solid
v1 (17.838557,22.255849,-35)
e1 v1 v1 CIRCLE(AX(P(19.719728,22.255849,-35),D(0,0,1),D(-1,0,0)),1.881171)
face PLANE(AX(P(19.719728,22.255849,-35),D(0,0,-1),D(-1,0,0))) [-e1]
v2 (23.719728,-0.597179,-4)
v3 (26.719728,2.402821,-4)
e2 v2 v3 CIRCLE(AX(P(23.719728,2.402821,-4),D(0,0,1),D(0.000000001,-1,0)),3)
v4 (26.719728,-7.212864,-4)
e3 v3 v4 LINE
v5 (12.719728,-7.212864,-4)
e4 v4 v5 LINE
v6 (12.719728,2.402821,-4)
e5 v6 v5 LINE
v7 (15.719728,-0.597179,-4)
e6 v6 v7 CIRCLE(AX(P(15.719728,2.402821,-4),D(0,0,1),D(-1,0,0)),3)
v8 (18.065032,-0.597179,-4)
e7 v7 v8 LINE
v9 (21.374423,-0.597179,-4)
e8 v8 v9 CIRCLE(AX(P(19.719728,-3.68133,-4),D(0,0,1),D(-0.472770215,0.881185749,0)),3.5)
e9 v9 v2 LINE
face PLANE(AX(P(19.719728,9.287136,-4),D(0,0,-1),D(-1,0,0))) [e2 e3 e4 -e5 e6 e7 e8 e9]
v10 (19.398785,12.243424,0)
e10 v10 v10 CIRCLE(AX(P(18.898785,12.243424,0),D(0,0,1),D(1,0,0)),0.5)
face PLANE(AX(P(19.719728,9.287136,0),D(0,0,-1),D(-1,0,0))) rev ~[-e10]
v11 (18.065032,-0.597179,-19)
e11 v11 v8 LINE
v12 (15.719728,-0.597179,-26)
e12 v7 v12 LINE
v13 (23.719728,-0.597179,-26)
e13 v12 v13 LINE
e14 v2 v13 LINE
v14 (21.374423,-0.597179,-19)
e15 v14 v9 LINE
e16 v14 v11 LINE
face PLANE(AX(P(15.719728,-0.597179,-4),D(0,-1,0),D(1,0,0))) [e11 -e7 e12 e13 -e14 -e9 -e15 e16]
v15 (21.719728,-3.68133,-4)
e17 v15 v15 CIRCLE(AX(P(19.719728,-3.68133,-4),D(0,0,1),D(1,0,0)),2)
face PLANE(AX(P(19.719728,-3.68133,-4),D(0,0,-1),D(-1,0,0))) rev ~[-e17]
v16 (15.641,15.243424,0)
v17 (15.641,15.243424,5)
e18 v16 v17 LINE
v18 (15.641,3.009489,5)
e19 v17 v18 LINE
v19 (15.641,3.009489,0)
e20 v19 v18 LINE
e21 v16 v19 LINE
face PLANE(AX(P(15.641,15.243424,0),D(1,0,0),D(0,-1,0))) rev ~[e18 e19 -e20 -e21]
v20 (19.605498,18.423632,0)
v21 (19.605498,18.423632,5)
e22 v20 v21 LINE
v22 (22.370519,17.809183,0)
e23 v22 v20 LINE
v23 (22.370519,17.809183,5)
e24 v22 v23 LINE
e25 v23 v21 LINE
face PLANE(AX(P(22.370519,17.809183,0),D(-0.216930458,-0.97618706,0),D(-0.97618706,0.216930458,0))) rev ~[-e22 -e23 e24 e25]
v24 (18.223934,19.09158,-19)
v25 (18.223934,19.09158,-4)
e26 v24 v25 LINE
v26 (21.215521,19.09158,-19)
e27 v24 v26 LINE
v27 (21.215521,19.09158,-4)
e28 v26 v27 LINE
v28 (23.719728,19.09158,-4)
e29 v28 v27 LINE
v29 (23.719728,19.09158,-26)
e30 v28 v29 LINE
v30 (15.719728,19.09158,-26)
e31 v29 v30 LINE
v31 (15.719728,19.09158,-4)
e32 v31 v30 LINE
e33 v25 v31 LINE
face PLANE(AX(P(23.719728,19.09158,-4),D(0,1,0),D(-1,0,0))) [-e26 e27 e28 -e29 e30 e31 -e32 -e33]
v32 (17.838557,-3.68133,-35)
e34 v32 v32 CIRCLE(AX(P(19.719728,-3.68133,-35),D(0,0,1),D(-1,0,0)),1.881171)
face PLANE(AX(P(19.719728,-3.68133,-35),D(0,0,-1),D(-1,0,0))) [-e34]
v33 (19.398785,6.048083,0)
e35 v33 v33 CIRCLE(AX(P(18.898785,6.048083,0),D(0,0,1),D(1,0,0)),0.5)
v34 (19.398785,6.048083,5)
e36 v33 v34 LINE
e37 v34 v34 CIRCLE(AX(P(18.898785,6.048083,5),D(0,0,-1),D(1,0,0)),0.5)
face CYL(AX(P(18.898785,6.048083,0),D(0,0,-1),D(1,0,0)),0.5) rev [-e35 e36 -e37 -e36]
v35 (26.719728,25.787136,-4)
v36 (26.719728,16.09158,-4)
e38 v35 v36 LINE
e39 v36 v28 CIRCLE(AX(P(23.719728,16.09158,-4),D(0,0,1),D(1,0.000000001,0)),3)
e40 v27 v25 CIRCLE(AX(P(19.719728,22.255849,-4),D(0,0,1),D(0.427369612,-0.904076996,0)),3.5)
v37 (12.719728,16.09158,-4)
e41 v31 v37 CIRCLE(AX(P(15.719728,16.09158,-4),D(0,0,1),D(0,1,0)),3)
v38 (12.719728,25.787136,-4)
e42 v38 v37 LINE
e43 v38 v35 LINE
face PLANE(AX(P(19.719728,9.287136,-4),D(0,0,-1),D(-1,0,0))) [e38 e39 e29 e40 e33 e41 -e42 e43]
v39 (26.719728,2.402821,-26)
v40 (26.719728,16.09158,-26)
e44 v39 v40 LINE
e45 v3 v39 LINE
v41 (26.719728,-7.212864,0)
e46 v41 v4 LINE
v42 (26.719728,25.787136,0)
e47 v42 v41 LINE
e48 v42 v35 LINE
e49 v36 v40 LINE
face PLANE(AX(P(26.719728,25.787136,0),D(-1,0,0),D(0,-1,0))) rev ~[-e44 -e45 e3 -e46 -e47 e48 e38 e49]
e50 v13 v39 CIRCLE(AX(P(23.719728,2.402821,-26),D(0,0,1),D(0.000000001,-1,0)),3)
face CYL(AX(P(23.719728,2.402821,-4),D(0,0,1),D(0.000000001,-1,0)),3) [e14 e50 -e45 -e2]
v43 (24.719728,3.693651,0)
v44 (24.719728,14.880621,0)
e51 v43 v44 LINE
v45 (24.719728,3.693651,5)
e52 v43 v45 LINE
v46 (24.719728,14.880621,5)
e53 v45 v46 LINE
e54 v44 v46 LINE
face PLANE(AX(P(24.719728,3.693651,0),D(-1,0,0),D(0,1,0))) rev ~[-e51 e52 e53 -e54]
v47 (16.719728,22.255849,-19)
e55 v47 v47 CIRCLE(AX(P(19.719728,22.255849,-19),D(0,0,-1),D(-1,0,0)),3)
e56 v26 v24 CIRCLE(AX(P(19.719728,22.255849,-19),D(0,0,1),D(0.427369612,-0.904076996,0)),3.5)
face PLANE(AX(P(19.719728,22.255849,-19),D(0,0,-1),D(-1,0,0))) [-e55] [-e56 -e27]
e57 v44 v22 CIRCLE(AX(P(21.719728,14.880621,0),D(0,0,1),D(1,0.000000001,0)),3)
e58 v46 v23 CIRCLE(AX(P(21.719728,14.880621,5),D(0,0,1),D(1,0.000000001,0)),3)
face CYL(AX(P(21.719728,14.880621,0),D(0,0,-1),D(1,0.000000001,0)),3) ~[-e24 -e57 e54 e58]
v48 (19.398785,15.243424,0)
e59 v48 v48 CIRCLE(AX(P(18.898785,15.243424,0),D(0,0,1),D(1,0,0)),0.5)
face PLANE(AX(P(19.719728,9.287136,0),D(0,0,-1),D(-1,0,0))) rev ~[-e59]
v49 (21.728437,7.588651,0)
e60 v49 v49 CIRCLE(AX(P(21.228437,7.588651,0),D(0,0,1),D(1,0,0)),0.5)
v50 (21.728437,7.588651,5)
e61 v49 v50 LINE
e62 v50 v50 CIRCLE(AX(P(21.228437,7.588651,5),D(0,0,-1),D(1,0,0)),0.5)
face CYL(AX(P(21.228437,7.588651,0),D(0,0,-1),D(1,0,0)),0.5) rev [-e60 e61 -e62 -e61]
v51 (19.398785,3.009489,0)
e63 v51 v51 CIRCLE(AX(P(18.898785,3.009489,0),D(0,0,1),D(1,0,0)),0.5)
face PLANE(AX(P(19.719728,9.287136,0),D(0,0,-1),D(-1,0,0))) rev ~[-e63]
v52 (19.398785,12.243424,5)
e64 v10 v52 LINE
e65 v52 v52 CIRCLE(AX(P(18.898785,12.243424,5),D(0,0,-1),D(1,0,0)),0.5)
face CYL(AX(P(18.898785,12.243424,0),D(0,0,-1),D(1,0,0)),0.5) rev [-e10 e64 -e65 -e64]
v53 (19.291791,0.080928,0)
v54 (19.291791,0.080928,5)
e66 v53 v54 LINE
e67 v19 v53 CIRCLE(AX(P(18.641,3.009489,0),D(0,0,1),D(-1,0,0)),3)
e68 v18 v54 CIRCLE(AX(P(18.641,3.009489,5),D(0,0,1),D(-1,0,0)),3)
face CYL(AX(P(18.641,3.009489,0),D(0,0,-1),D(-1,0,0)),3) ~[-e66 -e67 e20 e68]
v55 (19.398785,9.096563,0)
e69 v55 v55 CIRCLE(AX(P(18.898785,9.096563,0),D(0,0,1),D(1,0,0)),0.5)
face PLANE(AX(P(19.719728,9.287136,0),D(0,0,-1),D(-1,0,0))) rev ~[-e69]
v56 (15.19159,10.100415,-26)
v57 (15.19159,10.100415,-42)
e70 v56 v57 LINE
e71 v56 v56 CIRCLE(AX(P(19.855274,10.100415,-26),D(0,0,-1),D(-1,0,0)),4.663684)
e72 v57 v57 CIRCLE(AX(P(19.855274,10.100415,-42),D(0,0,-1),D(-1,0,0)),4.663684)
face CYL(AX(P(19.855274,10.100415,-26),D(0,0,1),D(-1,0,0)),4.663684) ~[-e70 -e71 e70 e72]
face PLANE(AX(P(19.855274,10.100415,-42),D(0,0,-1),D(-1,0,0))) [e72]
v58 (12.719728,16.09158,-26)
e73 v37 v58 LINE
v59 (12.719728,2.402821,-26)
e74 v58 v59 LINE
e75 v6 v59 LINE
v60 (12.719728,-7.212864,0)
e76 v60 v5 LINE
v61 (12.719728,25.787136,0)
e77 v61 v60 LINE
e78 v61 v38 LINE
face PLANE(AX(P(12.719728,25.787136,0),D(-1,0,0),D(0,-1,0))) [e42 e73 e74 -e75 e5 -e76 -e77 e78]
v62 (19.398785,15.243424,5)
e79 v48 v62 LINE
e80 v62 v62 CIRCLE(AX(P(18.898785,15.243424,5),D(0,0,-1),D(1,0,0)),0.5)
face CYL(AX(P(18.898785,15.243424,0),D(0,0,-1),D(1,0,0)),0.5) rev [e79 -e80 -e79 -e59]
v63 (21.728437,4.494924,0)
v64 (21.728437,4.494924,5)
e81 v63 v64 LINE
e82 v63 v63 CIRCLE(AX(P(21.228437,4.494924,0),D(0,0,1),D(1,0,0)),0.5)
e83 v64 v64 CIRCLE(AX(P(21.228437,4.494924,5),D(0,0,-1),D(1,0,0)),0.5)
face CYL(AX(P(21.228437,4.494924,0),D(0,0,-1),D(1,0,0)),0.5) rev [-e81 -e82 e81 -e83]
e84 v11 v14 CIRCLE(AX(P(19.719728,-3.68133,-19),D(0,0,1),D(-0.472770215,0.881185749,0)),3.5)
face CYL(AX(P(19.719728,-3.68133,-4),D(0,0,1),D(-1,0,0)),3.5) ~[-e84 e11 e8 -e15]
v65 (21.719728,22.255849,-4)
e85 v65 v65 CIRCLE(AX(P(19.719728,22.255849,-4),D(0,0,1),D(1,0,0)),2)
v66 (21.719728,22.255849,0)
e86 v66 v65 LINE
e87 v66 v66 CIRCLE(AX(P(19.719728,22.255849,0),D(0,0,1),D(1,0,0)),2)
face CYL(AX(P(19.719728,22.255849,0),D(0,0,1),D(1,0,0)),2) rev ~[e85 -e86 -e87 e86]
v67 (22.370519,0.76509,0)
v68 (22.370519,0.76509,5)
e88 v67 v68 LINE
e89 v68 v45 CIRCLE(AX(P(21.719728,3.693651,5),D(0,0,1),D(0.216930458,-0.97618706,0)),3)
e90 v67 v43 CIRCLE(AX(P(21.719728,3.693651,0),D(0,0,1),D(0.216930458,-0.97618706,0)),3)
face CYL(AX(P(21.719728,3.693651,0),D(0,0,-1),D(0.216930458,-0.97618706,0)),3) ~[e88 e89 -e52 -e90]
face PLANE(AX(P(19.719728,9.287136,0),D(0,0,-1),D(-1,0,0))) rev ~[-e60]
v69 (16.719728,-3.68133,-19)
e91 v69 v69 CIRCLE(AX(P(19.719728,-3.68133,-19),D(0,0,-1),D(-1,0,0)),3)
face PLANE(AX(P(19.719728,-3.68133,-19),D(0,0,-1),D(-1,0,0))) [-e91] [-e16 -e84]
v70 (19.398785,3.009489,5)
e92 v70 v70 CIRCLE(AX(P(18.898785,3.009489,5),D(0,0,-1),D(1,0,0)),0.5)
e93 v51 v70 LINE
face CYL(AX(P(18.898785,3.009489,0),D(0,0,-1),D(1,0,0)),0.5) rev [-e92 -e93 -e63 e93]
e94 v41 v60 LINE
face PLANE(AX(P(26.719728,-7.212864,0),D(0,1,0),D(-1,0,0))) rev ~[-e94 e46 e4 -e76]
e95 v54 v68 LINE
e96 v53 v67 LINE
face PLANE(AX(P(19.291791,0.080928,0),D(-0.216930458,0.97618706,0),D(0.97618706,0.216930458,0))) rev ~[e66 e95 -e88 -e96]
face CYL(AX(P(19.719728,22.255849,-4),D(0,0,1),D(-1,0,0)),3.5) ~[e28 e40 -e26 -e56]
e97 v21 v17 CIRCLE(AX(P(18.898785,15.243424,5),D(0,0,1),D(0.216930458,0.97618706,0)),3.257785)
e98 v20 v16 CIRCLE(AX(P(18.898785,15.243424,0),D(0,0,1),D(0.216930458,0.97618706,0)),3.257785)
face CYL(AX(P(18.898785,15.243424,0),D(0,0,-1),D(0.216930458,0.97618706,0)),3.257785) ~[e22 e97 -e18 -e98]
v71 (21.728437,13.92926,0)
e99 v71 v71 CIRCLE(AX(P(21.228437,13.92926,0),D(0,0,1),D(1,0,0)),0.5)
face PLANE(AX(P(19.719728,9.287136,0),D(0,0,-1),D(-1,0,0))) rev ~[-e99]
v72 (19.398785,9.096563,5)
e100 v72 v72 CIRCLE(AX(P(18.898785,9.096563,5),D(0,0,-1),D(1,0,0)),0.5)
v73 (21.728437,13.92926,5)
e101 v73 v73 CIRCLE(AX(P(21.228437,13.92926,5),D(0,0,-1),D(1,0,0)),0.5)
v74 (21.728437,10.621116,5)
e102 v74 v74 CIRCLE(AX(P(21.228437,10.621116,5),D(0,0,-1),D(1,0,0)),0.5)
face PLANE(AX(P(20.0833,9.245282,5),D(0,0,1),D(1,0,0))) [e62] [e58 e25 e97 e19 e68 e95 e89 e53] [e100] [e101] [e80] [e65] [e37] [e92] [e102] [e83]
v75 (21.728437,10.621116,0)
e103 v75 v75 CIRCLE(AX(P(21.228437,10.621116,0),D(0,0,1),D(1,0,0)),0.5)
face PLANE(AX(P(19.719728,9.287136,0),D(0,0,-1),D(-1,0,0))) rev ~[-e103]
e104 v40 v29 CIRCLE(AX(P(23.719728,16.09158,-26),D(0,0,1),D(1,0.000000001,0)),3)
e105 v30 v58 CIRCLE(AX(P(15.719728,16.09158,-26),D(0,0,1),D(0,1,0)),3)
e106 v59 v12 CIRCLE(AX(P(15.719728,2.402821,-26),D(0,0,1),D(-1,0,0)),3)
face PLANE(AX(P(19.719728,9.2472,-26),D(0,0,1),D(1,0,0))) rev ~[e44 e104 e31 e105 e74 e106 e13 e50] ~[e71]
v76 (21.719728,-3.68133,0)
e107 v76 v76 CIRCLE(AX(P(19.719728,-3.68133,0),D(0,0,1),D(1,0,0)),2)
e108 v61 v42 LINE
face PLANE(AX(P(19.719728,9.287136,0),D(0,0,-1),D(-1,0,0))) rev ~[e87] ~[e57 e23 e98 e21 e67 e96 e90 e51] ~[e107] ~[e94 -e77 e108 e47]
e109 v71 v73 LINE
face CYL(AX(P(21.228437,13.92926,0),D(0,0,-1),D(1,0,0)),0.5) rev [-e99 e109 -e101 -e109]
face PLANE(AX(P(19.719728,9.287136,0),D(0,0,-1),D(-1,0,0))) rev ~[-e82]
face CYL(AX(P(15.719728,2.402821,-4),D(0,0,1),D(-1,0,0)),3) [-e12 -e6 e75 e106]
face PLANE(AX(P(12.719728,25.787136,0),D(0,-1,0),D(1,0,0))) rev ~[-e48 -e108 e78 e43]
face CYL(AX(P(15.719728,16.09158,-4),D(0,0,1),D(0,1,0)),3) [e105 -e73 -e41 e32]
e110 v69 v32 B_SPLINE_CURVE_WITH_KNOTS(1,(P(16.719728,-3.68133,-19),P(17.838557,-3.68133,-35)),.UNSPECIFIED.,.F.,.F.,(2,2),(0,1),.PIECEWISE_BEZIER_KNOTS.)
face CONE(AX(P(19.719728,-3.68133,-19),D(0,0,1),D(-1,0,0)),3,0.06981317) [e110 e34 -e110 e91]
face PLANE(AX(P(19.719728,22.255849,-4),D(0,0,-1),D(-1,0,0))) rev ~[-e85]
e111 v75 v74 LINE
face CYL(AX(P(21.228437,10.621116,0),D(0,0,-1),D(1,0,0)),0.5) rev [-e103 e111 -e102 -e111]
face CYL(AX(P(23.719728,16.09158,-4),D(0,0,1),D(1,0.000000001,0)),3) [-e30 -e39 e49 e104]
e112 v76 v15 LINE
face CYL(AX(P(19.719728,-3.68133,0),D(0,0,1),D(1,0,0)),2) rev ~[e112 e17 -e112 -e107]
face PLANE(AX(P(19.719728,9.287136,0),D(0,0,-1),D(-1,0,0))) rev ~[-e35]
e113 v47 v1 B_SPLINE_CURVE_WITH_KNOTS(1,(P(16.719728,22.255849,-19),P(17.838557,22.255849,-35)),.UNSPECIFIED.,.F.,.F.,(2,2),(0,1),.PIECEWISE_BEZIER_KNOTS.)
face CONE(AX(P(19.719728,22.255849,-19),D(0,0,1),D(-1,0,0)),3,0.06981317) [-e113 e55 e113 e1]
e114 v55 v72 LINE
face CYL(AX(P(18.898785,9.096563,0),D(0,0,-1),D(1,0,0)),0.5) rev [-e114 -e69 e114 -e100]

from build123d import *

# Parameters (mm, degrees)
EXTRUDE_1_DEPTH     = 5
SKETCH_2_5_R        = 0.5
CUT_EXTRUDE_1_DEPTH = 6
EXTRUDE_2_DEPTH     = 4
SKETCH_2_8_R        = 2
CUT_EXTRUDE_2_DEPTH = 4
SKETCH_3_R          = 3.5
EXTRUDE_3_DEPTH     = 15
EXTRUDE_4_DEPTH     = 22
SKETCH_5_R          = 3
EXTRUDE_5_DEPTH     = 16
EXTRUDE_5_TAPER     = 4
SKETCH_6_R          = 3
EXTRUDE_6_DEPTH     = 16
EXTRUDE_6_TAPER     = 4
SKETCH_7_R          = 4.663684065
EXTRUDE_7_DEPTH     = 16


with BuildPart() as part:
    # 草图2 → 凸台-拉伸1 (new body)
    with BuildSketch(Plane.XY):
        with BuildLine():
            Line((15.641000066, 15.243423767), (15.641000066, 3.009489297))
            ThreePointArc((15.641000066, 3.009489297), (16.763817885, 0.66936386), (19.291791439, 0.080928117))
            Line((19.291791439, 0.080928117), (22.370518946, 0.765089785))
            ThreePointArc((22.370518946, 0.765089785), (24.059853009, 1.816468785), (24.719727573, 3.693650965))
            Line((24.719727573, 3.693650965), (24.719727573, 14.880621327))
            ThreePointArc((24.719727573, 14.880621327), (24.059853009, 16.757803508), (22.370518946, 17.809182508))
            Line((22.370518946, 17.809182508), (19.605498159, 18.423631571))
            ThreePointArc((19.605498159, 18.423631571), (16.860299842, 17.784632476), (15.641000066, 15.243423767))
        make_face()
    extrude(amount=EXTRUDE_1_DEPTH)

    # 草图2<5> → 切除-拉伸1 (cut)
    with BuildSketch(Plane.XY):
        with Locations((18.898785314, 15.243423767)):
            Circle(SKETCH_2_5_R)
        with Locations((18.898785314, 12.243423767)):
            Circle(SKETCH_2_5_R)
        with Locations((18.898785314, 9.096563263)):
            Circle(SKETCH_2_5_R)
        with Locations((18.898785314, 6.048083228)):
            Circle(SKETCH_2_5_R)
        with Locations((18.898785314, 3.009489297)):
            Circle(SKETCH_2_5_R)
        with Locations((21.228436708, 13.929259558)):
            Circle(SKETCH_2_5_R)
        with Locations((21.228436708, 10.621115871)):
            Circle(SKETCH_2_5_R)
        with Locations((21.228436708, 7.588650825)):
            Circle(SKETCH_2_5_R)
        with Locations((21.228436708, 4.494923859)):
            Circle(SKETCH_2_5_R)
    extrude(amount=CUT_EXTRUDE_1_DEPTH, mode=Mode.SUBTRACT)

    # 草图2<6> → 凸台-拉伸2 (add)
    with BuildSketch(Plane.XY):
        Polygon((12.719727573, 9.287136146), (12.719727573, 25.787136146), (26.719727573, 25.787136146), (26.719727573, -7.212863854), (12.719727573, -7.212863854), align=None)
    extrude(amount=-EXTRUDE_2_DEPTH)

    # 草图2<8> → 切除-拉伸2 (cut)
    with BuildSketch(Plane.XY):
        with Locations((19.719727573, -3.681329619)):
            Circle(SKETCH_2_8_R)
        with Locations((19.719727573, 22.255849174)):
            Circle(SKETCH_2_8_R)
    extrude(amount=-CUT_EXTRUDE_2_DEPTH, mode=Mode.SUBTRACT)

    # 草图3 → 凸台-拉伸3 (add)
    with BuildSketch(Plane(origin=(0, 0, -4), x_dir=(-1, 0, 0), z_dir=(0, 0, -1))):
        with Locations((-19.719727573, 22.255849174)):
            Circle(SKETCH_3_R)
        with Locations((-19.719727573, -3.681329619)):
            Circle(SKETCH_3_R)
    extrude(amount=EXTRUDE_3_DEPTH)

    # 草图4 → 凸台-拉伸4 (add)
    with BuildSketch(Plane(origin=(0, 0, -4), x_dir=(-1, 0, 0), z_dir=(0, 0, -1))):
        with BuildLine():
            Line((-23.719727573, 19.091579688), (-15.719727573, 19.091579688))
            ThreePointArc((-15.719727573, 19.091579688), (-13.598407229, 18.212900031), (-12.719727573, 16.091579688))
            Line((-12.719727573, 16.091579688), (-12.719727573, 2.402820502))
            ThreePointArc((-12.719727573, 2.402820502), (-13.598407229, 0.281500159), (-15.719727573, -0.597179498))
            Line((-15.719727573, -0.597179498), (-23.719727573, -0.597179498))
            ThreePointArc((-23.719727573, -0.597179498), (-25.841047916, 0.281500159), (-26.719727573, 2.402820502))
            Line((-26.719727573, 2.402820502), (-26.719727573, 16.091579688))
            ThreePointArc((-26.719727573, 16.091579688), (-25.841047916, 18.212900031), (-23.719727573, 19.091579688))
        make_face()
    extrude(amount=EXTRUDE_4_DEPTH)

    # 草图5 → 凸台-拉伸5 (add)
    with BuildSketch(Plane(origin=(0, 0, -19), x_dir=(-1, 0, 0), z_dir=(0, 0, -1))):
        with Locations((-19.719727573, 22.255849174)):
            Circle(SKETCH_5_R)
    extrude(amount=EXTRUDE_5_DEPTH, taper=EXTRUDE_5_TAPER)

    # 草图6 → 凸台-拉伸6 (add)
    with BuildSketch(Plane(origin=(0, 0, -19), x_dir=(-1, 0, 0), z_dir=(0, 0, -1))):
        with Locations((-19.719727573, -3.681329619)):
            Circle(SKETCH_6_R)
    extrude(amount=EXTRUDE_6_DEPTH, taper=EXTRUDE_6_TAPER)

    # 草图7 → 凸台-拉伸7 (add)
    with BuildSketch(Plane(origin=(0, 0, -26), x_dir=(-1, 0, 0), z_dir=(0, 0, -1))):
        with Locations((-19.855274078, 10.100415179)):
            Circle(SKETCH_7_R)
    extrude(amount=EXTRUDE_7_DEPTH)


solid = part.part
